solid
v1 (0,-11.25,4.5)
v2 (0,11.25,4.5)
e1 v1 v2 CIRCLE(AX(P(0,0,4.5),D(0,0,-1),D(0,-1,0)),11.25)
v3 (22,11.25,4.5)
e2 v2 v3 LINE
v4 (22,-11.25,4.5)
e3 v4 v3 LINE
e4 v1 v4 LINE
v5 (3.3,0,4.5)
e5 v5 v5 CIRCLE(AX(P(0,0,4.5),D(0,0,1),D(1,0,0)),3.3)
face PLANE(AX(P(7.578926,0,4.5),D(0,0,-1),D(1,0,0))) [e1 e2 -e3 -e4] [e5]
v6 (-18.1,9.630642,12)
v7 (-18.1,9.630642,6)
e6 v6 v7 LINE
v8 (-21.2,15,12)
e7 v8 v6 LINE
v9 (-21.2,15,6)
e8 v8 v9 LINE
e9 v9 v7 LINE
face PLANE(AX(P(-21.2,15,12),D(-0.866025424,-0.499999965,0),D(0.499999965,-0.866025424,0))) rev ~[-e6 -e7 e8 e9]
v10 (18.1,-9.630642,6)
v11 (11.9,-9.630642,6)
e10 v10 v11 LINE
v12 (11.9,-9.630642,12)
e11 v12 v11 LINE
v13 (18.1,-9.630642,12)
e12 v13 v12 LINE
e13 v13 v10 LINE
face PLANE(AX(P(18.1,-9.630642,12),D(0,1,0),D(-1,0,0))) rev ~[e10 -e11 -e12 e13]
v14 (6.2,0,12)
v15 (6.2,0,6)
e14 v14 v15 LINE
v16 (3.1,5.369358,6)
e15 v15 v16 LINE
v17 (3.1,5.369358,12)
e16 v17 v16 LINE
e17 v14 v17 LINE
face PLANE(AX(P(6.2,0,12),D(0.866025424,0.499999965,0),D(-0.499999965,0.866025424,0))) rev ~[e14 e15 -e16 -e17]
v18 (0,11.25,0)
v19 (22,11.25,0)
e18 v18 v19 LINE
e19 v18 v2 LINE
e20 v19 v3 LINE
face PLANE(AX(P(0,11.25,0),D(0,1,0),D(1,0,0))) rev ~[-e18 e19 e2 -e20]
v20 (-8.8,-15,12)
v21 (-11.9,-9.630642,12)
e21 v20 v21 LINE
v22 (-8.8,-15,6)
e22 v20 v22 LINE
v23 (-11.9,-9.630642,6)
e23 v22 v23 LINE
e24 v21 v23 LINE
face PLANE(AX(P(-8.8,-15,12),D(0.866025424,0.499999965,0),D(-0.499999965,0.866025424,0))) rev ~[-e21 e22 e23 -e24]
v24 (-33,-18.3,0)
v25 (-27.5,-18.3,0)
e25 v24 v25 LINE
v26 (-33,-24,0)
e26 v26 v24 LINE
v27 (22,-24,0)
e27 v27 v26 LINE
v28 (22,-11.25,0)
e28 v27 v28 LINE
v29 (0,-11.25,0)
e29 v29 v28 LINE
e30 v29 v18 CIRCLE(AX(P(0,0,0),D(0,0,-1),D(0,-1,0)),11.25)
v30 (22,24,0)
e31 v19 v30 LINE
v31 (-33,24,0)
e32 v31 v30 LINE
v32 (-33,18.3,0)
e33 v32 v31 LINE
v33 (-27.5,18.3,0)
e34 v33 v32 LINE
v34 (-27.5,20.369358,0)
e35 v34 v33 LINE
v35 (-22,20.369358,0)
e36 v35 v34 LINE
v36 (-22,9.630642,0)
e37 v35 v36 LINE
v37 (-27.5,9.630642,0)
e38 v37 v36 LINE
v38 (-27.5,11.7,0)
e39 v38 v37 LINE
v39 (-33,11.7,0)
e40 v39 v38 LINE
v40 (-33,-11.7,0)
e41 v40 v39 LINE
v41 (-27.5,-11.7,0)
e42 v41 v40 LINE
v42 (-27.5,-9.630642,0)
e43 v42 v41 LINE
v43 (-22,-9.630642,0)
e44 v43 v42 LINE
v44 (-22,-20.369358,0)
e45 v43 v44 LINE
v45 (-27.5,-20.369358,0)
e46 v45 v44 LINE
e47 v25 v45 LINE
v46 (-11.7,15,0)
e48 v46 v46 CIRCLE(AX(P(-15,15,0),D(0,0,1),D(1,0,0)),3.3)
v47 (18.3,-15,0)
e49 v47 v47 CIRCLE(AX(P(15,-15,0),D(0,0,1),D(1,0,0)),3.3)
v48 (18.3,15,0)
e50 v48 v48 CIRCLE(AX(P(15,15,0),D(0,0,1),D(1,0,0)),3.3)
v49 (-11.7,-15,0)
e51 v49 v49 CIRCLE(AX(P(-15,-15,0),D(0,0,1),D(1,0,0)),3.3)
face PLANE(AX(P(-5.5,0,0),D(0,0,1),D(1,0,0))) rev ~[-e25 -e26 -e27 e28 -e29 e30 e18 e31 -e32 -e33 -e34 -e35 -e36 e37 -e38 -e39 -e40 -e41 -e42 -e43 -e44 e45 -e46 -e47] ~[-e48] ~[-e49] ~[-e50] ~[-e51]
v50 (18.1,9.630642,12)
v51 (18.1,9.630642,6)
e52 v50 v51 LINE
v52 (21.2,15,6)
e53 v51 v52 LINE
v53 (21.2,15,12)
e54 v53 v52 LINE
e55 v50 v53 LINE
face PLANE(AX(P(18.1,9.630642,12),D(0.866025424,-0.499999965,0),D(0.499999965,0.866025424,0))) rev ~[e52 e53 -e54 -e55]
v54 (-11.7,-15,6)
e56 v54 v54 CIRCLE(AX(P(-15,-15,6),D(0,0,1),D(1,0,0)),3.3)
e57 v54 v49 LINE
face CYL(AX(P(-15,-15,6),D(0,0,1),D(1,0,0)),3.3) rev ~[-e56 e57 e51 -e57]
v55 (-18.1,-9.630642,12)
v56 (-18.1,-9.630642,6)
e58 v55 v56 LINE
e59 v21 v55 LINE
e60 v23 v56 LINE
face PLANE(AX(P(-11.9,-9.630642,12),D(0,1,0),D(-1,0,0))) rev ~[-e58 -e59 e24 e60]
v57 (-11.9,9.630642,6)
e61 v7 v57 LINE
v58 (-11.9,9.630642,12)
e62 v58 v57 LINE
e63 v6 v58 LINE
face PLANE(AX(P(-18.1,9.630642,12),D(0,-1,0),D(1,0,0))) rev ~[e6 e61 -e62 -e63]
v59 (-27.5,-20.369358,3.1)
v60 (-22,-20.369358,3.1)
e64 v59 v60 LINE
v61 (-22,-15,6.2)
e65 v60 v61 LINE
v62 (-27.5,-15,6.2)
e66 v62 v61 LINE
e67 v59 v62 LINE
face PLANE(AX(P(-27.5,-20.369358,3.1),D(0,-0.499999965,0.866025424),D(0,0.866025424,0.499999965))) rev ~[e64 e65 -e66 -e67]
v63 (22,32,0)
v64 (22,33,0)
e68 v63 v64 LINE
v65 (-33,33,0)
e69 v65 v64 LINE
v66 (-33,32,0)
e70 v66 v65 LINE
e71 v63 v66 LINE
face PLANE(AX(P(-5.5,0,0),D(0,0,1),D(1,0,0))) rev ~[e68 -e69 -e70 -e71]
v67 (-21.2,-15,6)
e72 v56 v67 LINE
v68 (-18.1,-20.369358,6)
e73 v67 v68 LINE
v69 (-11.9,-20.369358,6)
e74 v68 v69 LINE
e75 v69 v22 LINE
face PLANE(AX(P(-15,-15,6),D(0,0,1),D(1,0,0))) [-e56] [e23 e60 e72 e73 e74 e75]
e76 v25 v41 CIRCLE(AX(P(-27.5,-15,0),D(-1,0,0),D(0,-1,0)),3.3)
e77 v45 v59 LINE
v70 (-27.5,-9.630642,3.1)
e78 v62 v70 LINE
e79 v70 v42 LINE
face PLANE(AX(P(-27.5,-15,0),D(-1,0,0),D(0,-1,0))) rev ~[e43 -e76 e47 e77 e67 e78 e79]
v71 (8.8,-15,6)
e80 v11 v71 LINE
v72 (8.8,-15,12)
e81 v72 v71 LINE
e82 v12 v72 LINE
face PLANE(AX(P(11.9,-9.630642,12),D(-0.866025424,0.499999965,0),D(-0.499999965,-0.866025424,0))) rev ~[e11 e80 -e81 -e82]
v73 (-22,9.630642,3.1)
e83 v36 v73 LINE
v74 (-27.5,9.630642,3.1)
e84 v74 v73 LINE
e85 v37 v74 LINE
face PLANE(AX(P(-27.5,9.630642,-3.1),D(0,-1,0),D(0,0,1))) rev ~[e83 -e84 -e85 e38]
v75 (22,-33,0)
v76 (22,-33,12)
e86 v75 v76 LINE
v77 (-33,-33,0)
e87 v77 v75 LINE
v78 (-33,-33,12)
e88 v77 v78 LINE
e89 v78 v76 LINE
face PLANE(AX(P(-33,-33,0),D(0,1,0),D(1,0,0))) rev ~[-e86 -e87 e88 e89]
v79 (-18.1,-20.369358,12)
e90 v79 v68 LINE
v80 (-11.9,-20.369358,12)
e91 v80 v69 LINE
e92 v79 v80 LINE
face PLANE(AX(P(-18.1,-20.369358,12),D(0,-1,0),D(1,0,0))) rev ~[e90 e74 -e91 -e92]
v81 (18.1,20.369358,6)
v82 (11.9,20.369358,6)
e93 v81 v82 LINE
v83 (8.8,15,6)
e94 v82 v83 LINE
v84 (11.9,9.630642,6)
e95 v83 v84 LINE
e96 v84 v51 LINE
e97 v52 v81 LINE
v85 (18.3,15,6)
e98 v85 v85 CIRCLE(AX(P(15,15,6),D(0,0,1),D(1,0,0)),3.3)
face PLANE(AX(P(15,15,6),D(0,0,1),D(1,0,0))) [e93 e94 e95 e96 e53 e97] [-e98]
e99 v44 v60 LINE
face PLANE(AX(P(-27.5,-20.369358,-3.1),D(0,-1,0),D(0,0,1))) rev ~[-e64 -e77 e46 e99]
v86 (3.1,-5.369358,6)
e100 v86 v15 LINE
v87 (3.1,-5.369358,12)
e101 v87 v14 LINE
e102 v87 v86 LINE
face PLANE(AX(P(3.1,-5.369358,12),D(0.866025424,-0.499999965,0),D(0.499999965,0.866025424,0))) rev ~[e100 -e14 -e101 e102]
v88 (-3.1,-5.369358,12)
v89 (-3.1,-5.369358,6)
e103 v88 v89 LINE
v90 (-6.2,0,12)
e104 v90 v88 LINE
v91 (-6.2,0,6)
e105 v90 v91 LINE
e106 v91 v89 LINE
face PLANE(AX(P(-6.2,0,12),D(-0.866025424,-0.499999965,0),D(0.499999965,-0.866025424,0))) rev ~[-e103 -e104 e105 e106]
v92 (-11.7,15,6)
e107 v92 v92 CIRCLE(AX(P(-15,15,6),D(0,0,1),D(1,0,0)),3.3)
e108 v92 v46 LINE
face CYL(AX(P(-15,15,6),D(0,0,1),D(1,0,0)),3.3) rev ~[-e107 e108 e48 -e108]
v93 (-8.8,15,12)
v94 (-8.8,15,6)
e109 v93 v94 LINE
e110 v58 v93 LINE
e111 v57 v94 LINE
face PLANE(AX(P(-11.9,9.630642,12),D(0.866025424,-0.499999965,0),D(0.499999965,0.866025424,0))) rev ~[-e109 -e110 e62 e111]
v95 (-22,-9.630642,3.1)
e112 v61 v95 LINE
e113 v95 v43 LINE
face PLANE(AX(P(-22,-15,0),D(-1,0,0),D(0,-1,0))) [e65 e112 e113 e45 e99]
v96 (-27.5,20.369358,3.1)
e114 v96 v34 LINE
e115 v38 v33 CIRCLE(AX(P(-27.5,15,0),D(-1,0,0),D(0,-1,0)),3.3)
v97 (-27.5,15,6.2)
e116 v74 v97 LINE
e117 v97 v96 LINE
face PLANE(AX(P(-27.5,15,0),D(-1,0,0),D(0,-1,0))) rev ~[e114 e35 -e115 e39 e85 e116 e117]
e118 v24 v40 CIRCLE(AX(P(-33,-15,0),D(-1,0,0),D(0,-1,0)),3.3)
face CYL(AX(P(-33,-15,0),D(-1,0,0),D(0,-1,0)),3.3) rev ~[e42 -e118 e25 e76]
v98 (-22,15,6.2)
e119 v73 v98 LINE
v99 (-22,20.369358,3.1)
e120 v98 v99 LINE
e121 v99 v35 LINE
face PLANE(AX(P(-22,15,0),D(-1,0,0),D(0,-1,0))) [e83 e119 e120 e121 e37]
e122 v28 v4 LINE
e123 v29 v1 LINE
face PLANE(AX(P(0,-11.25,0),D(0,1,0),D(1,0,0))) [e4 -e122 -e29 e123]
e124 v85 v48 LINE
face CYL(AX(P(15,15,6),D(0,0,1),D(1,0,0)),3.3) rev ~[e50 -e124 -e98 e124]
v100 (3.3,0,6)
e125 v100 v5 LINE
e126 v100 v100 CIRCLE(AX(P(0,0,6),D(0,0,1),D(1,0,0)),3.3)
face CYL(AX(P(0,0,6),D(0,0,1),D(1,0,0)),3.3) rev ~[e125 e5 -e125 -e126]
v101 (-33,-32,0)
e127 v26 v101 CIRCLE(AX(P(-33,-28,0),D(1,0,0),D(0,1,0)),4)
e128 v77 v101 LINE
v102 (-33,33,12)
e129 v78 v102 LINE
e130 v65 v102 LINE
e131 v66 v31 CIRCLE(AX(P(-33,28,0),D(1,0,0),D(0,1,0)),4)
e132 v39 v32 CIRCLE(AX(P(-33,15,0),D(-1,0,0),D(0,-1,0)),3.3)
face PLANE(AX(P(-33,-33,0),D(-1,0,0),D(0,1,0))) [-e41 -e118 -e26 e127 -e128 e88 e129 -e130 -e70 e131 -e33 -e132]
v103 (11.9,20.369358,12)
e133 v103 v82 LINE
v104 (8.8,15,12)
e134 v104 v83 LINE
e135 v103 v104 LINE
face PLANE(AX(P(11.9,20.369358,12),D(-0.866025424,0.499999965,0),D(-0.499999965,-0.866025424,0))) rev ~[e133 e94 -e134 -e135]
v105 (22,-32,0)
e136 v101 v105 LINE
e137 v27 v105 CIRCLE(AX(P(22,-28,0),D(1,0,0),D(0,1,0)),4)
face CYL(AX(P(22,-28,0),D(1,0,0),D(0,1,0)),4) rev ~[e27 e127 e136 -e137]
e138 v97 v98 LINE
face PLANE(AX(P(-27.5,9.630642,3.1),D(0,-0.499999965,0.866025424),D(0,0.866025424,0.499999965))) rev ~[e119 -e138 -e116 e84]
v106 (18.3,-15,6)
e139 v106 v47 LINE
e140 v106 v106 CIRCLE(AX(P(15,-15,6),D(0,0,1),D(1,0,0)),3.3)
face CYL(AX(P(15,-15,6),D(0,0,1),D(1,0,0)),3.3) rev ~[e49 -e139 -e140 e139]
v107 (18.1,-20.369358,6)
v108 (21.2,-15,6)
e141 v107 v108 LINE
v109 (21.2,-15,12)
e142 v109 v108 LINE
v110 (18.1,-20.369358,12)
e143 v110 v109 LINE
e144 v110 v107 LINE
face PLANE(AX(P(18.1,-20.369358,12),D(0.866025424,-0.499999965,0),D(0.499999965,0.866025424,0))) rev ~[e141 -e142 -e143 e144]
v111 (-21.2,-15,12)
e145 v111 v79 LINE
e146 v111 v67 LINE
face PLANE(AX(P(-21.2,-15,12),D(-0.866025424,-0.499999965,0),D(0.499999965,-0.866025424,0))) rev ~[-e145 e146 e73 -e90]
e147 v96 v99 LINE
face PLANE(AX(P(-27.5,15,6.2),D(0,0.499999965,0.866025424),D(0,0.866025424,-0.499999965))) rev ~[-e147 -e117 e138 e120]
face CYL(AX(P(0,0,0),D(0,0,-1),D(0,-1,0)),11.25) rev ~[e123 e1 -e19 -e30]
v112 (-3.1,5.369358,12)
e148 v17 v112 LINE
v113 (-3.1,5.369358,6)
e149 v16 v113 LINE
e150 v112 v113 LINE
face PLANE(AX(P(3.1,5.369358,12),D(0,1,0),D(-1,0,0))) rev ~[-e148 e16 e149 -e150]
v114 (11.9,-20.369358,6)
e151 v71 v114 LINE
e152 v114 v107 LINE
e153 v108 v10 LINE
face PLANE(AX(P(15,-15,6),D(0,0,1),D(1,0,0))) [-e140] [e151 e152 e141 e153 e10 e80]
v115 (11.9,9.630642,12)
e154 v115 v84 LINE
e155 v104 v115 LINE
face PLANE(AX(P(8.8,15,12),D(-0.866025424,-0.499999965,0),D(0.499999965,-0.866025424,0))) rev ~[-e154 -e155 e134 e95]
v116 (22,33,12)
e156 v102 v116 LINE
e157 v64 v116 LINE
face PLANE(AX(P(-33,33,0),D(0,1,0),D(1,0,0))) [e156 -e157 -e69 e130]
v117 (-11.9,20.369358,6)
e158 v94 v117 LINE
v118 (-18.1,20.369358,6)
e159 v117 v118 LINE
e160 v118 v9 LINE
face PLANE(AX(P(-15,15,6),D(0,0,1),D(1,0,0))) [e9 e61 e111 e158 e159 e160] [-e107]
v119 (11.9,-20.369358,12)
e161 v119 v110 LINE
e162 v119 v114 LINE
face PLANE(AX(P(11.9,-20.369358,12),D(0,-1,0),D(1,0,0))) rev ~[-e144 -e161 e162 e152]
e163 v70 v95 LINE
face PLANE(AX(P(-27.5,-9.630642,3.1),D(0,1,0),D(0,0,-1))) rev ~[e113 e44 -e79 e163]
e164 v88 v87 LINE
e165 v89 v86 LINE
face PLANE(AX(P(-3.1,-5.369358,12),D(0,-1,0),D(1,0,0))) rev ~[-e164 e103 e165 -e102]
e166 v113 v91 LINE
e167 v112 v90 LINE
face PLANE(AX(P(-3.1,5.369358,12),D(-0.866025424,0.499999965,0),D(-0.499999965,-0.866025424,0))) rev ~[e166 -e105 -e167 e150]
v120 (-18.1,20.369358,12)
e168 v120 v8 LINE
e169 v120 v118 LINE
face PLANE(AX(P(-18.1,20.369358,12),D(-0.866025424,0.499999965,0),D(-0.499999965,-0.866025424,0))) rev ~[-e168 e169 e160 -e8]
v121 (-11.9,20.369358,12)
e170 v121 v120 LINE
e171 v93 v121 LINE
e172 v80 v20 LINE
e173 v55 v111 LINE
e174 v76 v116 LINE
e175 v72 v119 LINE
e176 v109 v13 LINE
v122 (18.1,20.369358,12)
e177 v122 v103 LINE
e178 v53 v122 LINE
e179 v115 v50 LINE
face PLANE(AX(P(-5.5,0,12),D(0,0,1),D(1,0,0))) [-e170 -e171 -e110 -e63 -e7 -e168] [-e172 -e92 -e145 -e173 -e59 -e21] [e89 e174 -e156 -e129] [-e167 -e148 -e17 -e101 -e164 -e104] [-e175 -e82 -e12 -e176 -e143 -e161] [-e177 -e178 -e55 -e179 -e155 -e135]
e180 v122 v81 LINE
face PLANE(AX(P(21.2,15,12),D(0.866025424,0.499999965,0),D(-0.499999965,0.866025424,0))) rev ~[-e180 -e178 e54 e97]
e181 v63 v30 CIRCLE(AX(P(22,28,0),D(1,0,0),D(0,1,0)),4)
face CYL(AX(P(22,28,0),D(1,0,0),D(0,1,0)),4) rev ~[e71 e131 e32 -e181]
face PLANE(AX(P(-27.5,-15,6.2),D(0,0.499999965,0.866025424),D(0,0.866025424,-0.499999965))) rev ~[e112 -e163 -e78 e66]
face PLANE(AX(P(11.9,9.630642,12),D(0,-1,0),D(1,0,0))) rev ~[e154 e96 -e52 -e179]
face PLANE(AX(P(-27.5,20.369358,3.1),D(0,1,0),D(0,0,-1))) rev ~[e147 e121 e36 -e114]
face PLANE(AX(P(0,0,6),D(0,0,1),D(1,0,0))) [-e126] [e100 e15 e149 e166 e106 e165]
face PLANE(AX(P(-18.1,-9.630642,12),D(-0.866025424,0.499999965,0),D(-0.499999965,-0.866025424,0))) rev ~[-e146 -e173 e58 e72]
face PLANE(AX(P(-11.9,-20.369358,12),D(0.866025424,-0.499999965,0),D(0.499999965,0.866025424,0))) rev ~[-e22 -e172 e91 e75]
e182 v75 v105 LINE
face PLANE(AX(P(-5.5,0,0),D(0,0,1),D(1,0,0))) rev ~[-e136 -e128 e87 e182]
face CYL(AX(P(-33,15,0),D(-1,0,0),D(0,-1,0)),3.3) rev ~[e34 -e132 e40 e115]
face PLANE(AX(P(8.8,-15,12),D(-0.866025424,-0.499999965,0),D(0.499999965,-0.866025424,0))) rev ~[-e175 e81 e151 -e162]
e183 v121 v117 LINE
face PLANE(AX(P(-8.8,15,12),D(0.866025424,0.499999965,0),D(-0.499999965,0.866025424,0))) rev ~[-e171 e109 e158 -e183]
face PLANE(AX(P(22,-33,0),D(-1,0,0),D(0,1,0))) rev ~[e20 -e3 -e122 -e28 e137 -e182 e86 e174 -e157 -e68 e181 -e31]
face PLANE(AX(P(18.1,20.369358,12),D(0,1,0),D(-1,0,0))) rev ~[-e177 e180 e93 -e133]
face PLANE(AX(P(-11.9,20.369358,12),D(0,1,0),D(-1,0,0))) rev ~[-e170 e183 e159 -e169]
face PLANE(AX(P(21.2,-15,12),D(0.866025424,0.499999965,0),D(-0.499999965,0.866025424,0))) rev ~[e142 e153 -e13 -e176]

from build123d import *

# Parameters (mm, degrees)
SKETCH_W        = 55
SKETCH_H        = 66
PAD_DEPTH       = 12
POCKET_DEPTH    = 6
SKETCH002_R     = 3.3
POCKET001_DEPTH = 6.001
SKETCH003_R     = 4
POCKET002_DEPTH = 55.001
POCKET003_DEPTH = 4.5
SKETCH005_R     = 3.3
POCKET004_DEPTH = 5.5
POCKET005_DEPTH = 5.5


with BuildPart() as part:
    # Sketch → Pad (new body)
    with BuildSketch(Plane.XY):
        with Locations((-5.5, 0)):
            Rectangle(SKETCH_W, SKETCH_H)
    extrude(amount=PAD_DEPTH)

    # Sketch001 → Pocket (cut)
    with BuildSketch(Plane.XY.offset(12)):
        Polygon((18.1, 9.630642), (21.2, 15), (18.1, 20.369358), (11.9, 20.369358), (8.8, 15), (11.9, 9.630642), align=None)
        Polygon((-11.9, -20.369358), (-8.8, -15), (-11.9, -9.630642), (-18.1, -9.630642), (-21.2, -15), (-18.1, -20.369358), align=None)
        Polygon((11.9, -9.630642), (8.8, -15), (11.9, -20.369358), (18.1, -20.369358), (21.2, -15), (18.1, -9.630642), align=None)
        Polygon((-8.8, 15), (-11.9, 20.369358), (-18.1, 20.369358), (-21.2, 15), (-18.1, 9.630642), (-11.9, 9.630642), align=None)
        Polygon((3.1, -5.369358), (6.2, 0), (3.1, 5.369358), (-3.1, 5.369358), (-6.2, 0), (-3.1, -5.369358), align=None)
    extrude(amount=-POCKET_DEPTH, mode=Mode.SUBTRACT)

    # Sketch002 → Pocket001 (cut, through all)
    with BuildSketch(Plane.XY.offset(6)):
        with Locations((-15, 15)):
            Circle(SKETCH002_R)
        with Locations((15, 15)):
            Circle(SKETCH002_R)
        Circle(SKETCH002_R)
        with Locations((15, -15)):
            Circle(SKETCH002_R)
        with Locations((-15, -15)):
            Circle(SKETCH002_R)
    extrude(amount=-POCKET001_DEPTH, mode=Mode.SUBTRACT)

    # Sketch003 → Pocket002 (cut, through all)
    with BuildSketch(Plane.YZ.offset(22)):
        with Locations((-28, 0)):
            Circle(SKETCH003_R)
        with Locations((28, 0)):
            Circle(SKETCH003_R)
    extrude(amount=-POCKET002_DEPTH, mode=Mode.SUBTRACT)

    # Sketch004 → Pocket003 (cut)
    with BuildSketch(Plane(origin=(0, 0, 0), x_dir=(1, 0, 0), z_dir=(0, 0, -1))):
        with BuildLine():
            ThreePointArc((0, 11.25), (-11.25, 0), (0, -11.25))
            Line((0, -11.25), (22, -11.25))
            Line((22, 11.25), (22, -11.25))
            Line((0, 11.25), (22, 11.25))
        make_face()
    extrude(amount=-POCKET003_DEPTH, mode=Mode.SUBTRACT)

    # Sketch005 → Pocket004 (cut)
    with BuildSketch(Plane(origin=(-33, 0, 0), x_dir=(0, -1, 0), z_dir=(-1, 0, 0))):
        with Locations((-15, 0)):
            Circle(SKETCH005_R)
        with Locations((15, 0)):
            Circle(SKETCH005_R)
    extrude(amount=-POCKET004_DEPTH, mode=Mode.SUBTRACT)

    # Sketch006 → Pocket005 (cut)
    with BuildSketch(Plane(origin=(-27.5, 0, 0), x_dir=(0, -1, 0), z_dir=(-1, 0, 0))):
        Polygon((-9.630642, 3.1), (-15, 6.2), (-20.369358, 3.1), (-20.369358, -3.1), (-15, -6.2), (-9.630642, -3.1), align=None)
        Polygon((20.369358, 3.1), (15, 6.2), (9.630642, 3.1), (9.630642, -3.1), (15, -6.2), (20.369358, -3.1), align=None)
    extrude(amount=-POCKET005_DEPTH, mode=Mode.SUBTRACT)


solid = part.part
